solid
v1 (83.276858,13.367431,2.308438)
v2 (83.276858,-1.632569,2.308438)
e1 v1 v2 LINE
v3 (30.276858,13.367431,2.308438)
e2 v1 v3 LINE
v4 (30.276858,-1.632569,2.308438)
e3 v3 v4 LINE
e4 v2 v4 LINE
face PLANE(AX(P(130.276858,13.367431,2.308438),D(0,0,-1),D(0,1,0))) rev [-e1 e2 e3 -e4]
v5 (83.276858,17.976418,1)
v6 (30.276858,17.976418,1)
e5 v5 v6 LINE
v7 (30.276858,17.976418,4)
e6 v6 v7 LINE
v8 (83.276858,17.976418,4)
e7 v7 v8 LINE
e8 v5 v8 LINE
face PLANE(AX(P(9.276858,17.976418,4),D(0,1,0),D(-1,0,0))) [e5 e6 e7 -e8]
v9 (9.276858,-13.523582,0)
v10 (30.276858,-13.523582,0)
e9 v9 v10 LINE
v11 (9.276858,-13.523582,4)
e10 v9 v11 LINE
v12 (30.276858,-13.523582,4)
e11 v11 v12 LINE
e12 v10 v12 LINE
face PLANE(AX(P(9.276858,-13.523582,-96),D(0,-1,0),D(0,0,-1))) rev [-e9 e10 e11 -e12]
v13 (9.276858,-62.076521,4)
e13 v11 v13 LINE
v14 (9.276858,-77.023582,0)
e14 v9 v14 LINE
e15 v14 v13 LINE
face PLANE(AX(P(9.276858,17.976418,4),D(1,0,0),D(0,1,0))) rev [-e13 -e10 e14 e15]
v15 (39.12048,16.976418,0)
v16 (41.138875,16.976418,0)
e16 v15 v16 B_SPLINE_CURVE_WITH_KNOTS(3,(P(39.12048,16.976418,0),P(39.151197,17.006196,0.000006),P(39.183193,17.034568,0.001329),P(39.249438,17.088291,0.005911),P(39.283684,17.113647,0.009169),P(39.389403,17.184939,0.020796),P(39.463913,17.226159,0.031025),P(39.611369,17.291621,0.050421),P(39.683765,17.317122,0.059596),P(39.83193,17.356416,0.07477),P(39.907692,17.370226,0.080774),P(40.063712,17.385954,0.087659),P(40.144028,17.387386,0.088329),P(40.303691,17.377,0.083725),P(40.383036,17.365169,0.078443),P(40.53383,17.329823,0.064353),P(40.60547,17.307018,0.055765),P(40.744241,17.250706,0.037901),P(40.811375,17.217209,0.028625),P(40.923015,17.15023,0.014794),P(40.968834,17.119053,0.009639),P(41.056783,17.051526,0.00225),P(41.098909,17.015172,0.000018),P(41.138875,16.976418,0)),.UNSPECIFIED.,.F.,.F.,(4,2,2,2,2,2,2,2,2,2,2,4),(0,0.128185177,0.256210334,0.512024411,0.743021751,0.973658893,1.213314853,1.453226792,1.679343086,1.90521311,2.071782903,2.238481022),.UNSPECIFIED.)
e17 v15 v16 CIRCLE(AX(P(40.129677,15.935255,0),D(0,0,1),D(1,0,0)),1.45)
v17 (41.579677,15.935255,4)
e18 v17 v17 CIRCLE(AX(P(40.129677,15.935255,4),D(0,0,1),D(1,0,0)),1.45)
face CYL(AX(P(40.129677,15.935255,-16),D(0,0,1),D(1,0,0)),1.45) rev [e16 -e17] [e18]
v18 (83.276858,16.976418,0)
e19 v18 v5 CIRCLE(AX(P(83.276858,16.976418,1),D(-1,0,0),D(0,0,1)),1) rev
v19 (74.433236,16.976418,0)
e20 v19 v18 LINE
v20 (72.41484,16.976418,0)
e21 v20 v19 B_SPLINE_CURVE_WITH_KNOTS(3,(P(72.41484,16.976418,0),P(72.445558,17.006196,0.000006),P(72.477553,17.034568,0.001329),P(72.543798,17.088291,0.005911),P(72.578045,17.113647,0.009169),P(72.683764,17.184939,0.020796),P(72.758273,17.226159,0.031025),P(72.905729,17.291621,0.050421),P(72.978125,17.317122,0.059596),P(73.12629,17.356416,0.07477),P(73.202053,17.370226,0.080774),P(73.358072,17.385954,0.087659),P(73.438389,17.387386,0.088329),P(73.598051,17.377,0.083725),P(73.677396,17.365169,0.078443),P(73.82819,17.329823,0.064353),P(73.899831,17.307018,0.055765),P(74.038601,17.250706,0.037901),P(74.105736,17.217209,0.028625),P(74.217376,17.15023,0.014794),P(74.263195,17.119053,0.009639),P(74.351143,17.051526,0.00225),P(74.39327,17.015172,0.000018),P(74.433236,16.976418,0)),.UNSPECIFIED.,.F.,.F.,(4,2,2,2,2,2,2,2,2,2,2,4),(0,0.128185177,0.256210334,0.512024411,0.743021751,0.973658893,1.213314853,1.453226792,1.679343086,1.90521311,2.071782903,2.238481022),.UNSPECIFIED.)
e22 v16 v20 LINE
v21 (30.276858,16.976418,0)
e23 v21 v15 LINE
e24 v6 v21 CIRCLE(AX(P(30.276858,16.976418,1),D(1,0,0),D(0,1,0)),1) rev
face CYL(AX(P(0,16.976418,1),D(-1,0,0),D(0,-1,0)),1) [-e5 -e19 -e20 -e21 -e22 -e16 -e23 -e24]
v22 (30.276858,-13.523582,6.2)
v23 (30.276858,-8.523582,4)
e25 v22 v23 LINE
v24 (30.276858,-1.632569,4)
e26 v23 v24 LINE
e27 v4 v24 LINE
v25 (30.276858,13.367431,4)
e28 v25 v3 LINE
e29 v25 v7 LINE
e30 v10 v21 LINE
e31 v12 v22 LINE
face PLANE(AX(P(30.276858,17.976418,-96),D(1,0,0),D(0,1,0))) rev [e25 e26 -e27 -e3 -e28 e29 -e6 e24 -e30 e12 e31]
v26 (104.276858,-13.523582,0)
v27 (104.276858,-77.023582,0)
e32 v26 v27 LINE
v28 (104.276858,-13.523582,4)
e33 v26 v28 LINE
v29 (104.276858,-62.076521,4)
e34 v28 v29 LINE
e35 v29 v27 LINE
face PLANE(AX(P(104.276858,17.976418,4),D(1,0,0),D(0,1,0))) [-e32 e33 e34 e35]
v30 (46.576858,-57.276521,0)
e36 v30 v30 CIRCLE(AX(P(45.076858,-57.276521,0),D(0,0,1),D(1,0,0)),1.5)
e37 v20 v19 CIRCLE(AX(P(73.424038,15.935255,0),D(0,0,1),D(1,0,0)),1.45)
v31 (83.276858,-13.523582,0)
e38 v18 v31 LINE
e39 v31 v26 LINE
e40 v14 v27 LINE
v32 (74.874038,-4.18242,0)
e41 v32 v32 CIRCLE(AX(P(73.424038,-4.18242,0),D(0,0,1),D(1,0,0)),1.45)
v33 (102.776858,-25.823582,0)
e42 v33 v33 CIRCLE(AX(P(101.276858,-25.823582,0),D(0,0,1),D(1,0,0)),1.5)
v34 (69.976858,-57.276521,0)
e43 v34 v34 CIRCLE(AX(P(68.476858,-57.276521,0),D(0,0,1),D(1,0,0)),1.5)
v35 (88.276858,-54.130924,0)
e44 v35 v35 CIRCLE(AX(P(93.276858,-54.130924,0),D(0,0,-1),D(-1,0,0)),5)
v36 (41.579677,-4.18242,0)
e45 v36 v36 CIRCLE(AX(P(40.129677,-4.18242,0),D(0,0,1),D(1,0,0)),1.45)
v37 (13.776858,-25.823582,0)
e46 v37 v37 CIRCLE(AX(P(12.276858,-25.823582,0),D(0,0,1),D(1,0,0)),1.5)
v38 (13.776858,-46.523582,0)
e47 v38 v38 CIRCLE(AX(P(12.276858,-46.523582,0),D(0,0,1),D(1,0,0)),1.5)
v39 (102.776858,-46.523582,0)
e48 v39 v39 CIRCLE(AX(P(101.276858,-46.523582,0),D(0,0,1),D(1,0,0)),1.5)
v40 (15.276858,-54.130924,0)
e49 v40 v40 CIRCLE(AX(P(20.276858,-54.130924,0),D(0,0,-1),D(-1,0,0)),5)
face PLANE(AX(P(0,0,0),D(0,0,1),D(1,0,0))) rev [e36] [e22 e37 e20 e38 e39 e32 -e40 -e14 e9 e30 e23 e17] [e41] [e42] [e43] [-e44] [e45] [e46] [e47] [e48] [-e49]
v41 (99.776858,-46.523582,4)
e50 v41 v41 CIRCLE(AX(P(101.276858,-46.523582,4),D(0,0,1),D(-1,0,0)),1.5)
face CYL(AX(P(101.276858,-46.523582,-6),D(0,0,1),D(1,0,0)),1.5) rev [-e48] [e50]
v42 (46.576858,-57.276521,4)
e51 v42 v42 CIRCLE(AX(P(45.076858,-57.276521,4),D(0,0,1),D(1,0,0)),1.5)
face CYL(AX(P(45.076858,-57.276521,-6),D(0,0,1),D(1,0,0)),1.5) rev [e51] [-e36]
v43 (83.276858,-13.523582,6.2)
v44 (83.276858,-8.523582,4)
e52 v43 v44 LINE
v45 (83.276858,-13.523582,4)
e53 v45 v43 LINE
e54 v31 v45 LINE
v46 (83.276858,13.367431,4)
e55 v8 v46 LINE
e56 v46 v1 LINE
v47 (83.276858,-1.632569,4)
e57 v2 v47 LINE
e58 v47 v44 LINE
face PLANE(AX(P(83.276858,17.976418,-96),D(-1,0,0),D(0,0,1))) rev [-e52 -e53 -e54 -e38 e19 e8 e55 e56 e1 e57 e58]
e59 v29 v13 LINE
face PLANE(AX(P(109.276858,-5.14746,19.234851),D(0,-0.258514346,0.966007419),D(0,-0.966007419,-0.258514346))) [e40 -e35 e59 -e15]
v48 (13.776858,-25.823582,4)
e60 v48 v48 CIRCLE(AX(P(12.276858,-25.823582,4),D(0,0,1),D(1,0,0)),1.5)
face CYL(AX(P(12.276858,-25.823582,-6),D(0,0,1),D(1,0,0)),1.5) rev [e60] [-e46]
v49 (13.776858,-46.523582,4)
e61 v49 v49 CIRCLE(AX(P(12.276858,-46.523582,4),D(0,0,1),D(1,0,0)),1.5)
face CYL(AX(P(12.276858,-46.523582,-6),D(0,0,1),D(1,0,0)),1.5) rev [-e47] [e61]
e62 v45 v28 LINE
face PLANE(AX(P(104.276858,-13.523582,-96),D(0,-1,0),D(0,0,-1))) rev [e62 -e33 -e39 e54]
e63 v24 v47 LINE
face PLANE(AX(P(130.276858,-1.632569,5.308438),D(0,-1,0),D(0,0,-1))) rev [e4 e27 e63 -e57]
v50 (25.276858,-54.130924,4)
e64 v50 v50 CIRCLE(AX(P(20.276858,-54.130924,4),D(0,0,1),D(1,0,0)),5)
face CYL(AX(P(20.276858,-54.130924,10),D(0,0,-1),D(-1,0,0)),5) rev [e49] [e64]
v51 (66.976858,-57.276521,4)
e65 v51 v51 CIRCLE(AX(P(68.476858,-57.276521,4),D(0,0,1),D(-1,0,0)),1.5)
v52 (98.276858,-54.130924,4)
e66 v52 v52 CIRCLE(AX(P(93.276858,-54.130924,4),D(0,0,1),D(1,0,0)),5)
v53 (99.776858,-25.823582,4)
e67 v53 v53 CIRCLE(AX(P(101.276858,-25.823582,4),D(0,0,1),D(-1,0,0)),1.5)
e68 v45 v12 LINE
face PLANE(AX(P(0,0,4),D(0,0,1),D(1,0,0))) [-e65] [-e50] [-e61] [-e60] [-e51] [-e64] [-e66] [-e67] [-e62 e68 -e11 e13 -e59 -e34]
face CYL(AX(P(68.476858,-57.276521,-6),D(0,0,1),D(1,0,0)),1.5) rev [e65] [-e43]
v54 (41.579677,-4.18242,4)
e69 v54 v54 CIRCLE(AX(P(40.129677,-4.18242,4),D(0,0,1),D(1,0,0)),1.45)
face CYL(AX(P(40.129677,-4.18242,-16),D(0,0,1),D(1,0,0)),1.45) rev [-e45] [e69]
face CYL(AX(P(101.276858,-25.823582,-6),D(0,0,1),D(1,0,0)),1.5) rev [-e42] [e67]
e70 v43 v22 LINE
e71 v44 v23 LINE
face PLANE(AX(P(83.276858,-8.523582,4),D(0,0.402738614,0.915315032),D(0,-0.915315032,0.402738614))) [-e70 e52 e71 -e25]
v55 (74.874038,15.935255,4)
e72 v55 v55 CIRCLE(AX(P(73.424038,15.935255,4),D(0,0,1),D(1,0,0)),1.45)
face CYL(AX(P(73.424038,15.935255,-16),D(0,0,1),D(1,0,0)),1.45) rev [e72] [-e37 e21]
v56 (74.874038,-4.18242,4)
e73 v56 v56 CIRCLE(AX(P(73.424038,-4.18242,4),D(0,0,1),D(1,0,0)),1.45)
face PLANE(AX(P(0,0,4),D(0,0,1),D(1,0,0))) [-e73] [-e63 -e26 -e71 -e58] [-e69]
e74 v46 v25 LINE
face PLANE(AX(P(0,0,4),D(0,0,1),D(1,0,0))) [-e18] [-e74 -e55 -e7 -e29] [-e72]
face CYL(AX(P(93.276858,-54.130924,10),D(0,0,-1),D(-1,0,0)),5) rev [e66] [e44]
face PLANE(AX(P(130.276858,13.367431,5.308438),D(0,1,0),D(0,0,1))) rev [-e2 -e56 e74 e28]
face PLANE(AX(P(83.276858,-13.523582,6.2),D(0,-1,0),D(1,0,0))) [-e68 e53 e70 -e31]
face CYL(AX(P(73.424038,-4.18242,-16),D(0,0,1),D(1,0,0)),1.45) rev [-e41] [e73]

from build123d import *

# Parameters (mm, degrees)
CROQUIS1_W              = 95
CROQUIS1_H              = 95
SALIENTE_EXTRUIR1_DEPTH = 4
CORTAR_EXTRUIR1_DEPTH   = 100
CROQUIS5_W              = 21
CROQUIS5_H              = 31.5
CORTAR_EXTRUIR2_DEPTH   = 100
CROQUIS6_W              = 21
CROQUIS6_H              = 31.5
CORTAR_EXTRUIR3_DEPTH   = 100
CROQUIS7_W              = 3
CROQUIS7_H              = 15
CORTAR_EXTRUIR4_DEPTH   = 100
REDONDEO1_R             = 1
CROQUIS8_R              = 5
CORTAR_EXTRUIR5_DEPTH   = 10
SALIENTE_EXTRUIR2_DEPTH = 53
CROQUIS10_R             = 1.5
CORTAR_EXTRUIR6_DEPTH   = 10
CROQUIS11_R             = 1.45
CORTAR_EXTRUIR7_DEPTH   = 20


with BuildPart() as part:
    # Croquis1 → Saliente-Extruir1 (new body)
    with BuildSketch(Plane.XY):
        with Locations((56.776857567, -29.52358237)):
            Rectangle(CROQUIS1_W, CROQUIS1_H)
    extrude(amount=SALIENTE_EXTRUIR1_DEPTH)

    # Croquis3 → Cortar-Extruir1 (cut)
    with BuildSketch(Plane.ZY.offset(-9.276857567)):
        Polygon((4, -62.076521477), (0, -77.02358237), (4, -77.02358237), align=None)
    extrude(amount=-CORTAR_EXTRUIR1_DEPTH, mode=Mode.SUBTRACT)

    # Croquis5 → Cortar-Extruir2 (cut)
    with BuildSketch(Plane.XY.offset(4)):
        with Locations((19.776857567, 2.22641763)):
            Rectangle(CROQUIS5_W, CROQUIS5_H)
    extrude(amount=-CORTAR_EXTRUIR2_DEPTH, mode=Mode.SUBTRACT)

    # Croquis6 → Cortar-Extruir3 (cut)
    with BuildSketch(Plane.XY.offset(4)):
        with Locations((93.776857567, 2.22641763)):
            Rectangle(CROQUIS6_W, CROQUIS6_H)
    extrude(amount=-CORTAR_EXTRUIR3_DEPTH, mode=Mode.SUBTRACT)

    # Croquis7 → Cortar-Extruir4 (cut)
    with BuildSketch(Plane.ZY.offset(-30.276857567)):
        with Locations((3.808437884, 5.867431485)):
            Rectangle(CROQUIS7_W, CROQUIS7_H)
    extrude(amount=-CORTAR_EXTRUIR4_DEPTH, mode=Mode.SUBTRACT)

    # Redondeo1
    redondeo1_edges = [part.edges().sort_by_distance(p)[0] for p in [
        (56.776857567, 17.97641763, 0),
    ]]
    fillet(redondeo1_edges, radius=REDONDEO1_R)

    # Croquis8 → Cortar-Extruir5 (cut)
    with BuildSketch(Plane(origin=(0, 0, 0), x_dir=(-1, 0, 0), z_dir=(0, 0, -1))):
        with Locations((-93.276857567, -54.130923869)):
            Circle(CROQUIS8_R)
        with Locations((-20.276857567, -54.130923869)):
            Circle(CROQUIS8_R)
    extrude(amount=-CORTAR_EXTRUIR5_DEPTH, mode=Mode.SUBTRACT)

    # Croquis9 → Saliente-Extruir2 (add)
    with BuildSketch(Plane.ZY.offset(-30.276857567)):
        Polygon((4, -13.52358237), (4, -8.52358237), (6.2, -13.52358237), align=None)
    extrude(amount=-SALIENTE_EXTRUIR2_DEPTH)

    # Croquis10 → Cortar-Extruir6 (cut)
    with BuildSketch(Plane.XY.offset(4)):
        with Locations((12.276857567, -25.82358237)):
            Circle(CROQUIS10_R)
        with Locations((12.276857567, -46.52358237)):
            Circle(CROQUIS10_R)
        with Locations((45.076857567, -57.276521477)):
            Circle(CROQUIS10_R)
        with Locations((68.476857567, -57.276521477)):
            Circle(CROQUIS10_R)
        with Locations((101.276857567, -25.82358237)):
            Circle(CROQUIS10_R)
        with Locations((101.276857567, -46.52358237)):
            Circle(CROQUIS10_R)
    extrude(amount=-CORTAR_EXTRUIR6_DEPTH, mode=Mode.SUBTRACT)

    # Croquis11 → Cortar-Extruir7 (cut)
    with BuildSketch(Plane.XY.offset(4)):
        with Locations((40.129677313, 15.935254897)):
            Circle(CROQUIS11_R)
        with Locations((73.424037821, 15.935254897)):
            Circle(CROQUIS11_R)
        with Locations((40.129677313, -4.182419638)):
            Circle(CROQUIS11_R)
        with Locations((73.424037821, -4.182419638)):
            Circle(CROQUIS11_R)
    extrude(amount=-CORTAR_EXTRUIR7_DEPTH, mode=Mode.SUBTRACT)


solid = part.part
